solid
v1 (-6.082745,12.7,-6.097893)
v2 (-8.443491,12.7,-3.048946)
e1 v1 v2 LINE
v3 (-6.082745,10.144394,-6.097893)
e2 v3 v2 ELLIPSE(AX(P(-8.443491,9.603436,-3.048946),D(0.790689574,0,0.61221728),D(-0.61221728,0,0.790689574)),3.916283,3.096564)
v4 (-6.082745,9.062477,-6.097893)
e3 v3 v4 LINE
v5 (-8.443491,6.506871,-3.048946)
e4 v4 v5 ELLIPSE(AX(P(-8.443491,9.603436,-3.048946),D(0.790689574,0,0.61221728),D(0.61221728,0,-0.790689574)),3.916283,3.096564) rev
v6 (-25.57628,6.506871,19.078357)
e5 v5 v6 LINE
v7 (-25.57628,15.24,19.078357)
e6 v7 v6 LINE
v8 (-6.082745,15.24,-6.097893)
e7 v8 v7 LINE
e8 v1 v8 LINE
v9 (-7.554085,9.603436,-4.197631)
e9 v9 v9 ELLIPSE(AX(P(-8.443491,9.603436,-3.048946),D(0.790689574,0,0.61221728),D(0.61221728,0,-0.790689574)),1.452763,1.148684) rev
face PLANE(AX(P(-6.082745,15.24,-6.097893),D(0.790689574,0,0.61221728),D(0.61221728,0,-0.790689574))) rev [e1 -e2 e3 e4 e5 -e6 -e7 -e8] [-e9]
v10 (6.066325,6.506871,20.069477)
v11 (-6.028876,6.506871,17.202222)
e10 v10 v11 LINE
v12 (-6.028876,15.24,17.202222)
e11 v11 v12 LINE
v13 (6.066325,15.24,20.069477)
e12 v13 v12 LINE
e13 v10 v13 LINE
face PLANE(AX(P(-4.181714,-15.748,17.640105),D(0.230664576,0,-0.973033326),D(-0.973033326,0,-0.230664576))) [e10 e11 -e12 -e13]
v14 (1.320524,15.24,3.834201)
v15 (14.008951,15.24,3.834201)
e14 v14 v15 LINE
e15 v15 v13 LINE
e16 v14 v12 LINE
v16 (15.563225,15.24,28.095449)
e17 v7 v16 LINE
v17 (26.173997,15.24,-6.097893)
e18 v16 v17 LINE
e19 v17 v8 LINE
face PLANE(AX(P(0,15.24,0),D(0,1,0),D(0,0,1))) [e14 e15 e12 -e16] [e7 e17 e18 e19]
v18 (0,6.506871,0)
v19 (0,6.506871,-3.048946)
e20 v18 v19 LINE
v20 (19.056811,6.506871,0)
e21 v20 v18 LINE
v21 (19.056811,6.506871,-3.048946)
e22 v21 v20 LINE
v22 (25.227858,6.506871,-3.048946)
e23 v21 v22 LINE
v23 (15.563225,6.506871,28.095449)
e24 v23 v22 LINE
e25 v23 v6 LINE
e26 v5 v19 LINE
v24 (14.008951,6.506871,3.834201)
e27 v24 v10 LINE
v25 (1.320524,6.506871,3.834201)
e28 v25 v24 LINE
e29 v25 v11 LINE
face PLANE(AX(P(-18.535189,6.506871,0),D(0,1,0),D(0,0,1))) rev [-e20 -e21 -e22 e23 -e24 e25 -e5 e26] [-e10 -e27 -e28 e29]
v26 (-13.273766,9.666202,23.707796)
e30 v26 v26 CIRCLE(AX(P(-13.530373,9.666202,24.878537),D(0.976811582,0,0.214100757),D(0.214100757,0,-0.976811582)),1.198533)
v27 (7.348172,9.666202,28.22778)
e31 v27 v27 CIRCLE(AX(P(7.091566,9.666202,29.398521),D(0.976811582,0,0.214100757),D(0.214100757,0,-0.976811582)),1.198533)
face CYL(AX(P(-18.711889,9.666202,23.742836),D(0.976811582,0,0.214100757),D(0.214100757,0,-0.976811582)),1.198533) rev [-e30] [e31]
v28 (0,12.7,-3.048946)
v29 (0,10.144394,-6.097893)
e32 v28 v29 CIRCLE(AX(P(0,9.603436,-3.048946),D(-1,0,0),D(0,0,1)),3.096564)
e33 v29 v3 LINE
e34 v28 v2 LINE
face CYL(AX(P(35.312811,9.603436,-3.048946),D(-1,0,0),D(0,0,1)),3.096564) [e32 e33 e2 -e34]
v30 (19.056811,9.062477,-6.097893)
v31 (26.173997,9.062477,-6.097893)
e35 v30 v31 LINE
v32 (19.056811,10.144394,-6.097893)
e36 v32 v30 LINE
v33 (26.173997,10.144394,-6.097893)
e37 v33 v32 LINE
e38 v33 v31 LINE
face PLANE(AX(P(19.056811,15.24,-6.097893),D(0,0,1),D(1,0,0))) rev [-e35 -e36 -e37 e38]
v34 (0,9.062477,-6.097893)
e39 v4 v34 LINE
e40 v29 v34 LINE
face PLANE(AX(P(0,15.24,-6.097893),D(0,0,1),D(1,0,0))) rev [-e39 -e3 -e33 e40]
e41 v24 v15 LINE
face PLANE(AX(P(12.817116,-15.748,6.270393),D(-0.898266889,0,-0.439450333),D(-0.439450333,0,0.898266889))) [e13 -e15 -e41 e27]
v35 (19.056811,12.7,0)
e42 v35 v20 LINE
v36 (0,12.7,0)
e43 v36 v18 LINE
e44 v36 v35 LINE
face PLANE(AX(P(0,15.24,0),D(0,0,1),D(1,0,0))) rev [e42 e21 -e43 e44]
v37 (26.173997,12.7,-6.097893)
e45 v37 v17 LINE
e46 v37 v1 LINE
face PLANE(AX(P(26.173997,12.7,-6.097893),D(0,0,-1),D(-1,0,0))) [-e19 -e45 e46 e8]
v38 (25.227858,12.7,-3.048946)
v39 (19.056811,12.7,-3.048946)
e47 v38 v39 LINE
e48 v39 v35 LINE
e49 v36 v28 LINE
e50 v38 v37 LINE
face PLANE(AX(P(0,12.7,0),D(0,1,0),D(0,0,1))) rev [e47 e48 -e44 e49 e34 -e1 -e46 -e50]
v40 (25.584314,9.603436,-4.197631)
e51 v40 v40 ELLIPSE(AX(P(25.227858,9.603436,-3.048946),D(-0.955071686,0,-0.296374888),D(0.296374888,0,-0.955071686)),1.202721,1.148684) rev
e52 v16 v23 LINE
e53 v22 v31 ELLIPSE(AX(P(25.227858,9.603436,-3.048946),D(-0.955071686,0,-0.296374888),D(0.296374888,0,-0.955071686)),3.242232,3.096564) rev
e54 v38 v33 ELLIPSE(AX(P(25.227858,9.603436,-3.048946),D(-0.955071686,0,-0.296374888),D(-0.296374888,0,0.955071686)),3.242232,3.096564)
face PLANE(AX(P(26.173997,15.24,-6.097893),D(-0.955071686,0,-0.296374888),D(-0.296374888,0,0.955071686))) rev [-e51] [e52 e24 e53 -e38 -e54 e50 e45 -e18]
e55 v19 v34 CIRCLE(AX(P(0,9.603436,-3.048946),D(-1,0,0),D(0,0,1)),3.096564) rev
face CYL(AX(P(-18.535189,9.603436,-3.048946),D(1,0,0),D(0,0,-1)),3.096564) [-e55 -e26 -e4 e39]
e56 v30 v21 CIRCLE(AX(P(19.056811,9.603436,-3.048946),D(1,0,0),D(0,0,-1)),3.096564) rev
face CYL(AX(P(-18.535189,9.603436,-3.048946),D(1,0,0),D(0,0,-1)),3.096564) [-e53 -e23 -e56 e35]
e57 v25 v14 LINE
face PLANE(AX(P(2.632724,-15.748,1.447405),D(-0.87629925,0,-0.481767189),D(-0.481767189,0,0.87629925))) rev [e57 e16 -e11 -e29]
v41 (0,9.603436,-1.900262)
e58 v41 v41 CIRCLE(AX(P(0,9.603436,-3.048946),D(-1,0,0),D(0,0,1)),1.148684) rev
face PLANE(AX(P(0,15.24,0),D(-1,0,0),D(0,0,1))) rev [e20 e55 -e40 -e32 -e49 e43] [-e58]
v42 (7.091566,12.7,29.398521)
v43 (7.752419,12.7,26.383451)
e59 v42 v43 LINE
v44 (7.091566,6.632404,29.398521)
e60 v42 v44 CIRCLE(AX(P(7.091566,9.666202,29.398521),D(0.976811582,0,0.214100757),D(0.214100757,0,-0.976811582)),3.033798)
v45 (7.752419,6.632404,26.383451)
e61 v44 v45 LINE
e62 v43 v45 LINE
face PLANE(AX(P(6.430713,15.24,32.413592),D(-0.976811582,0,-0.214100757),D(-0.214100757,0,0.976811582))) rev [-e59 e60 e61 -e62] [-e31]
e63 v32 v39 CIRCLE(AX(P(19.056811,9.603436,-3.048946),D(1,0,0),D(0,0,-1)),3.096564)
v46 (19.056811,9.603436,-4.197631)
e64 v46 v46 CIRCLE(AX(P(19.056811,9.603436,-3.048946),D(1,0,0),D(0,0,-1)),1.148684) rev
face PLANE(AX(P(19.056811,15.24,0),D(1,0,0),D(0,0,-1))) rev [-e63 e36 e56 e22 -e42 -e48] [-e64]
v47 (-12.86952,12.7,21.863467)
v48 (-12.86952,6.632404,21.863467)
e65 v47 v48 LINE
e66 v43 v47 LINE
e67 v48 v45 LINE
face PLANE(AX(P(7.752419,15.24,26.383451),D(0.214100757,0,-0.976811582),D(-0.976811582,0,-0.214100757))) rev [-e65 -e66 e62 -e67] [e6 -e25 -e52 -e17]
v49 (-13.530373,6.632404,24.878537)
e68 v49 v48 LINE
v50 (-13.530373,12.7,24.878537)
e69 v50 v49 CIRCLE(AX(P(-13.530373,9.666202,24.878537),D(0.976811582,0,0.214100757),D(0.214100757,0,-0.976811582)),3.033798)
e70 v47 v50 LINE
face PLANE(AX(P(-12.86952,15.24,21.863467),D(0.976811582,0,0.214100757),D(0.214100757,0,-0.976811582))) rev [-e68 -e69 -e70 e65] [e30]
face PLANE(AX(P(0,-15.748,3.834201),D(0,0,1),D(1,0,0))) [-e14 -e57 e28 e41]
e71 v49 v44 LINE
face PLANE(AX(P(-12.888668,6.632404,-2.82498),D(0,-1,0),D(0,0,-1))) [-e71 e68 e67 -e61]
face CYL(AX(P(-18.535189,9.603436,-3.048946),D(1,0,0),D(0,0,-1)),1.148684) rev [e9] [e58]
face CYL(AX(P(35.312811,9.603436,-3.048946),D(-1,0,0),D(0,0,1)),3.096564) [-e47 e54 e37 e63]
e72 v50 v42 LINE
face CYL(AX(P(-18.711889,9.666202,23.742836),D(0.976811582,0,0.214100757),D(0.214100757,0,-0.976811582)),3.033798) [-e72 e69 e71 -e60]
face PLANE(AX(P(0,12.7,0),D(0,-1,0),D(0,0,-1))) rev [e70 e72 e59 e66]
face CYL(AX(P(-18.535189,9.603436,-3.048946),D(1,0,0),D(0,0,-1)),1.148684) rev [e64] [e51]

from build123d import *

# Parameters (mm, degrees)
BOSS_EXTRUDE1_DEPTH     = 15.24
CUT_EXTRUDE2_DEPTH      = 2.54
CUT_EXTRUDE3_DEPTH      = 26.416
CUT_EXTRUDE4_DEPTH      = 2.54
CUT_EXTRUDE5_DEPTH      = 37.592
CUT_EXTRUDE5_DEPTH_BACK = 16.256
SKETCH6_W               = 28.095448716
SKETCH6_H               = 6.506871402
CUT_EXTRUDE6_DEPTH      = 33.782
CUT_EXTRUDE6_DEPTH_BACK = 30.988
CUT_EXTRUDE7_DEPTH      = 30.988
BOSS_EXTRUDE2_DEPTH     = 2.54


with BuildPart() as part:
    # Sketch1 → Boss-Extrude1 (new body)
    with BuildSketch(Plane(origin=(0, 0, 0), x_dir=(1, 0, 0), z_dir=(0, 1, 0))):
        Polygon((0, 0), (19.056811247, 0), (19.056811247, 6.097892911), (26.173997358, 6.097892911), (15.563225472, -28.095448716), (7.752418672, -26.383450539), (6.430712527, -32.413592092), (-14.191226065, -27.893608153), (-12.86951992, -21.8634666), (-25.576280295, -19.078357307), (-6.082744599, 6.097892911), (0, 6.097892911), align=None)
    extrude(amount=BOSS_EXTRUDE1_DEPTH)

    # Sketch2 → Cut-Extrude2 (cut)
    with BuildSketch(Plane(origin=(0, 15.24, 0), x_dir=(1, 0, 0), z_dir=(0, 1, 0))):
        Polygon((-12.86951992, -21.8634666), (7.752418672, -26.383450539), (6.430712527, -32.413592092), (-14.191226065, -27.893608153), align=None)
    extrude(amount=-CUT_EXTRUDE2_DEPTH, mode=Mode.SUBTRACT)

    # Sketch3 → Cut-Extrude3 (cut)
    with BuildSketch(Plane(origin=(12.914786435, 0, 2.830705125), x_dir=(0.214100757, 0, -0.976811582), z_dir=(0.976811582, 0, 0.214100757))):
        with BuildLine():
            Line((-29.362167954, 11.792818882), (-30.285151737, 12.7))
            Line((-30.285151737, 12.7), (-30.285151737, 6.632404251))
            Line((-30.285151737, 6.632404251), (-27.19850654, 6.632404251))
            ThreePointArc((-27.19850654, 6.632404251), (-29.99633203, 8.493128354), (-29.362167954, 11.792818882))
        make_face()
        with BuildLine():
            Line((-27.19850654, 12.7), (-30.285151737, 12.7))
            Line((-30.285151737, 12.7), (-29.362167954, 11.792818882))
            ThreePointArc((-29.362167954, 11.792818882), (-28.371580312, 12.464027615), (-27.19850654, 12.7))
        make_face()
        with BuildLine():
            ThreePointArc((-25.999973236, 9.666202125), (-26.744632367, 10.775472298), (-28.053283414, 10.506344124))
            Line((-28.053283414, 10.506344124), (-26.343729666, 8.826060127))
            ThreePointArc((-26.343729666, 8.826060127), (-26.089236367, 9.212327952), (-25.999973236, 9.666202125))
        make_face()
        with BuildLine():
            Line((-26.343729666, 8.826060127), (-28.053283414, 10.506344124))
            ThreePointArc((-28.053283414, 10.506344124), (-28.038648539, 8.811425251), (-26.343729666, 8.826060127))
        make_face()
        Polygon((-27.19850654, 6.632404251), (-30.285151737, 6.632404251), (-30.285151737, 0), (-24.111861344, 0), (-24.111861344, 6.632404251), align=None)
    extrude(amount=-CUT_EXTRUDE3_DEPTH, mode=Mode.SUBTRACT)

    # Sketch4 → Cut-Extrude4 (cut)
    with BuildSketch(Plane(origin=(0, 15.24, 0), x_dir=(1, 0, 0), z_dir=(0, 1, 0))):
        Polygon((0, 0), (0, 6.097892911), (-6.082744599, 6.097892911), (-10.804237756, 0), align=None)
        Polygon((19.056811247, 0), (24.281718113, 0), (26.173997358, 6.097892911), (19.056811247, 6.097892911), align=None)
    extrude(amount=-CUT_EXTRUDE4_DEPTH, mode=Mode.SUBTRACT)

    # Sketch5 → Cut-Extrude5 (cut, two sides)
    with BuildSketch(Plane.ZY.offset(-19.056811247)) as cut_extrude5_sk:
        with BuildLine():
            ThreePointArc((-1.900262012, 9.603435701), (-2.605255865, 10.662970793), (-3.854871247, 10.421947266))
            Line((-3.854871247, 10.421947266), (-2.243021664, 8.784924136))
            ThreePointArc((-2.243021664, 8.784924136), (-1.989411364, 9.15974511), (-1.900262012, 9.603435701))
        make_face()
        with BuildLine():
            Line((-2.243021664, 8.784924136), (-3.854871247, 10.421947266))
            ThreePointArc((-3.854871247, 10.421947266), (-3.867458021, 8.79751091), (-2.243021664, 8.784924136))
        make_face()
        with BuildLine():
            ThreePointArc((-3.048946456, 6.506871402), (-5.038116892, 7.230270846), (-6.097892911, 9.062477322))
            Line((-6.097892911, 9.062477322), (-6.097892911, 6.506871402))
            Line((-6.097892911, 6.506871402), (-3.048946456, 6.506871402))
        make_face()
        Polygon((-3.048946456, 6.506871402), (-6.097892911, 6.506871402), (-6.097892911, 0), (0, 0), (0, 6.506871402), align=None)
        with BuildLine():
            Line((-5.221516955, 11.809936977), (-6.097892911, 12.7))
            Line((-6.097892911, 12.7), (-6.097892911, 10.14439408))
            ThreePointArc((-6.097892911, 10.14439408), (-5.789305577, 11.045358842), (-5.221516955, 11.809936977))
        make_face()
        with BuildLine():
            Line((-3.048946456, 12.7), (-6.097892911, 12.7))
            Line((-6.097892911, 12.7), (-5.221516955, 11.809936977))
            ThreePointArc((-5.221516955, 11.809936977), (-4.22285816, 12.468857444), (-3.048946456, 12.7))
        make_face()
    extrude(amount=CUT_EXTRUDE5_DEPTH, mode=Mode.SUBTRACT)
    extrude(cut_extrude5_sk.sketch, amount=-CUT_EXTRUDE5_DEPTH_BACK, mode=Mode.SUBTRACT)

    # Sketch6 → Cut-Extrude6 (cut, two sides)
    with BuildSketch(Plane(origin=(0, 0, 0), x_dir=(0, 0, -1), z_dir=(1, 0, 0))) as cut_extrude6_sk:
        with Locations((-14.047724358, 3.253435701)):
            Rectangle(SKETCH6_W, SKETCH6_H)
    extrude(amount=CUT_EXTRUDE6_DEPTH, mode=Mode.SUBTRACT)
    extrude(cut_extrude6_sk.sketch, amount=-CUT_EXTRUDE6_DEPTH_BACK, mode=Mode.SUBTRACT)

    # Sketch7 → Cut-Extrude7 (cut)
    with BuildSketch(Plane(origin=(0, 15.24, 0), x_dir=(1, 0, 0), z_dir=(0, 1, 0))):
        Polygon((14.008950707, -3.834200977), (7.607295542, -3.834200977), (0.172703368, -18.672351511), (6.066325192, -20.069477121), align=None)
        Polygon((0.172703368, -18.672351511), (7.607295542, -3.834200977), (1.320524054, -3.834200977), (-6.028876319, -17.202222267), align=None)
    extrude(amount=-CUT_EXTRUDE7_DEPTH, mode=Mode.SUBTRACT)

    # Sketch8 → Boss-Extrude2 (add)
    with BuildSketch(Plane(origin=(0, 15.24, 0), x_dir=(1, 0, 0), z_dir=(0, 1, 0))):
        Polygon((-10.804237756, 0), (24.281718113, 0), (26.173997358, 6.097892911), (-6.082744599, 6.097892911), align=None)
    extrude(amount=-BOSS_EXTRUDE2_DEPTH)


solid = part.part
